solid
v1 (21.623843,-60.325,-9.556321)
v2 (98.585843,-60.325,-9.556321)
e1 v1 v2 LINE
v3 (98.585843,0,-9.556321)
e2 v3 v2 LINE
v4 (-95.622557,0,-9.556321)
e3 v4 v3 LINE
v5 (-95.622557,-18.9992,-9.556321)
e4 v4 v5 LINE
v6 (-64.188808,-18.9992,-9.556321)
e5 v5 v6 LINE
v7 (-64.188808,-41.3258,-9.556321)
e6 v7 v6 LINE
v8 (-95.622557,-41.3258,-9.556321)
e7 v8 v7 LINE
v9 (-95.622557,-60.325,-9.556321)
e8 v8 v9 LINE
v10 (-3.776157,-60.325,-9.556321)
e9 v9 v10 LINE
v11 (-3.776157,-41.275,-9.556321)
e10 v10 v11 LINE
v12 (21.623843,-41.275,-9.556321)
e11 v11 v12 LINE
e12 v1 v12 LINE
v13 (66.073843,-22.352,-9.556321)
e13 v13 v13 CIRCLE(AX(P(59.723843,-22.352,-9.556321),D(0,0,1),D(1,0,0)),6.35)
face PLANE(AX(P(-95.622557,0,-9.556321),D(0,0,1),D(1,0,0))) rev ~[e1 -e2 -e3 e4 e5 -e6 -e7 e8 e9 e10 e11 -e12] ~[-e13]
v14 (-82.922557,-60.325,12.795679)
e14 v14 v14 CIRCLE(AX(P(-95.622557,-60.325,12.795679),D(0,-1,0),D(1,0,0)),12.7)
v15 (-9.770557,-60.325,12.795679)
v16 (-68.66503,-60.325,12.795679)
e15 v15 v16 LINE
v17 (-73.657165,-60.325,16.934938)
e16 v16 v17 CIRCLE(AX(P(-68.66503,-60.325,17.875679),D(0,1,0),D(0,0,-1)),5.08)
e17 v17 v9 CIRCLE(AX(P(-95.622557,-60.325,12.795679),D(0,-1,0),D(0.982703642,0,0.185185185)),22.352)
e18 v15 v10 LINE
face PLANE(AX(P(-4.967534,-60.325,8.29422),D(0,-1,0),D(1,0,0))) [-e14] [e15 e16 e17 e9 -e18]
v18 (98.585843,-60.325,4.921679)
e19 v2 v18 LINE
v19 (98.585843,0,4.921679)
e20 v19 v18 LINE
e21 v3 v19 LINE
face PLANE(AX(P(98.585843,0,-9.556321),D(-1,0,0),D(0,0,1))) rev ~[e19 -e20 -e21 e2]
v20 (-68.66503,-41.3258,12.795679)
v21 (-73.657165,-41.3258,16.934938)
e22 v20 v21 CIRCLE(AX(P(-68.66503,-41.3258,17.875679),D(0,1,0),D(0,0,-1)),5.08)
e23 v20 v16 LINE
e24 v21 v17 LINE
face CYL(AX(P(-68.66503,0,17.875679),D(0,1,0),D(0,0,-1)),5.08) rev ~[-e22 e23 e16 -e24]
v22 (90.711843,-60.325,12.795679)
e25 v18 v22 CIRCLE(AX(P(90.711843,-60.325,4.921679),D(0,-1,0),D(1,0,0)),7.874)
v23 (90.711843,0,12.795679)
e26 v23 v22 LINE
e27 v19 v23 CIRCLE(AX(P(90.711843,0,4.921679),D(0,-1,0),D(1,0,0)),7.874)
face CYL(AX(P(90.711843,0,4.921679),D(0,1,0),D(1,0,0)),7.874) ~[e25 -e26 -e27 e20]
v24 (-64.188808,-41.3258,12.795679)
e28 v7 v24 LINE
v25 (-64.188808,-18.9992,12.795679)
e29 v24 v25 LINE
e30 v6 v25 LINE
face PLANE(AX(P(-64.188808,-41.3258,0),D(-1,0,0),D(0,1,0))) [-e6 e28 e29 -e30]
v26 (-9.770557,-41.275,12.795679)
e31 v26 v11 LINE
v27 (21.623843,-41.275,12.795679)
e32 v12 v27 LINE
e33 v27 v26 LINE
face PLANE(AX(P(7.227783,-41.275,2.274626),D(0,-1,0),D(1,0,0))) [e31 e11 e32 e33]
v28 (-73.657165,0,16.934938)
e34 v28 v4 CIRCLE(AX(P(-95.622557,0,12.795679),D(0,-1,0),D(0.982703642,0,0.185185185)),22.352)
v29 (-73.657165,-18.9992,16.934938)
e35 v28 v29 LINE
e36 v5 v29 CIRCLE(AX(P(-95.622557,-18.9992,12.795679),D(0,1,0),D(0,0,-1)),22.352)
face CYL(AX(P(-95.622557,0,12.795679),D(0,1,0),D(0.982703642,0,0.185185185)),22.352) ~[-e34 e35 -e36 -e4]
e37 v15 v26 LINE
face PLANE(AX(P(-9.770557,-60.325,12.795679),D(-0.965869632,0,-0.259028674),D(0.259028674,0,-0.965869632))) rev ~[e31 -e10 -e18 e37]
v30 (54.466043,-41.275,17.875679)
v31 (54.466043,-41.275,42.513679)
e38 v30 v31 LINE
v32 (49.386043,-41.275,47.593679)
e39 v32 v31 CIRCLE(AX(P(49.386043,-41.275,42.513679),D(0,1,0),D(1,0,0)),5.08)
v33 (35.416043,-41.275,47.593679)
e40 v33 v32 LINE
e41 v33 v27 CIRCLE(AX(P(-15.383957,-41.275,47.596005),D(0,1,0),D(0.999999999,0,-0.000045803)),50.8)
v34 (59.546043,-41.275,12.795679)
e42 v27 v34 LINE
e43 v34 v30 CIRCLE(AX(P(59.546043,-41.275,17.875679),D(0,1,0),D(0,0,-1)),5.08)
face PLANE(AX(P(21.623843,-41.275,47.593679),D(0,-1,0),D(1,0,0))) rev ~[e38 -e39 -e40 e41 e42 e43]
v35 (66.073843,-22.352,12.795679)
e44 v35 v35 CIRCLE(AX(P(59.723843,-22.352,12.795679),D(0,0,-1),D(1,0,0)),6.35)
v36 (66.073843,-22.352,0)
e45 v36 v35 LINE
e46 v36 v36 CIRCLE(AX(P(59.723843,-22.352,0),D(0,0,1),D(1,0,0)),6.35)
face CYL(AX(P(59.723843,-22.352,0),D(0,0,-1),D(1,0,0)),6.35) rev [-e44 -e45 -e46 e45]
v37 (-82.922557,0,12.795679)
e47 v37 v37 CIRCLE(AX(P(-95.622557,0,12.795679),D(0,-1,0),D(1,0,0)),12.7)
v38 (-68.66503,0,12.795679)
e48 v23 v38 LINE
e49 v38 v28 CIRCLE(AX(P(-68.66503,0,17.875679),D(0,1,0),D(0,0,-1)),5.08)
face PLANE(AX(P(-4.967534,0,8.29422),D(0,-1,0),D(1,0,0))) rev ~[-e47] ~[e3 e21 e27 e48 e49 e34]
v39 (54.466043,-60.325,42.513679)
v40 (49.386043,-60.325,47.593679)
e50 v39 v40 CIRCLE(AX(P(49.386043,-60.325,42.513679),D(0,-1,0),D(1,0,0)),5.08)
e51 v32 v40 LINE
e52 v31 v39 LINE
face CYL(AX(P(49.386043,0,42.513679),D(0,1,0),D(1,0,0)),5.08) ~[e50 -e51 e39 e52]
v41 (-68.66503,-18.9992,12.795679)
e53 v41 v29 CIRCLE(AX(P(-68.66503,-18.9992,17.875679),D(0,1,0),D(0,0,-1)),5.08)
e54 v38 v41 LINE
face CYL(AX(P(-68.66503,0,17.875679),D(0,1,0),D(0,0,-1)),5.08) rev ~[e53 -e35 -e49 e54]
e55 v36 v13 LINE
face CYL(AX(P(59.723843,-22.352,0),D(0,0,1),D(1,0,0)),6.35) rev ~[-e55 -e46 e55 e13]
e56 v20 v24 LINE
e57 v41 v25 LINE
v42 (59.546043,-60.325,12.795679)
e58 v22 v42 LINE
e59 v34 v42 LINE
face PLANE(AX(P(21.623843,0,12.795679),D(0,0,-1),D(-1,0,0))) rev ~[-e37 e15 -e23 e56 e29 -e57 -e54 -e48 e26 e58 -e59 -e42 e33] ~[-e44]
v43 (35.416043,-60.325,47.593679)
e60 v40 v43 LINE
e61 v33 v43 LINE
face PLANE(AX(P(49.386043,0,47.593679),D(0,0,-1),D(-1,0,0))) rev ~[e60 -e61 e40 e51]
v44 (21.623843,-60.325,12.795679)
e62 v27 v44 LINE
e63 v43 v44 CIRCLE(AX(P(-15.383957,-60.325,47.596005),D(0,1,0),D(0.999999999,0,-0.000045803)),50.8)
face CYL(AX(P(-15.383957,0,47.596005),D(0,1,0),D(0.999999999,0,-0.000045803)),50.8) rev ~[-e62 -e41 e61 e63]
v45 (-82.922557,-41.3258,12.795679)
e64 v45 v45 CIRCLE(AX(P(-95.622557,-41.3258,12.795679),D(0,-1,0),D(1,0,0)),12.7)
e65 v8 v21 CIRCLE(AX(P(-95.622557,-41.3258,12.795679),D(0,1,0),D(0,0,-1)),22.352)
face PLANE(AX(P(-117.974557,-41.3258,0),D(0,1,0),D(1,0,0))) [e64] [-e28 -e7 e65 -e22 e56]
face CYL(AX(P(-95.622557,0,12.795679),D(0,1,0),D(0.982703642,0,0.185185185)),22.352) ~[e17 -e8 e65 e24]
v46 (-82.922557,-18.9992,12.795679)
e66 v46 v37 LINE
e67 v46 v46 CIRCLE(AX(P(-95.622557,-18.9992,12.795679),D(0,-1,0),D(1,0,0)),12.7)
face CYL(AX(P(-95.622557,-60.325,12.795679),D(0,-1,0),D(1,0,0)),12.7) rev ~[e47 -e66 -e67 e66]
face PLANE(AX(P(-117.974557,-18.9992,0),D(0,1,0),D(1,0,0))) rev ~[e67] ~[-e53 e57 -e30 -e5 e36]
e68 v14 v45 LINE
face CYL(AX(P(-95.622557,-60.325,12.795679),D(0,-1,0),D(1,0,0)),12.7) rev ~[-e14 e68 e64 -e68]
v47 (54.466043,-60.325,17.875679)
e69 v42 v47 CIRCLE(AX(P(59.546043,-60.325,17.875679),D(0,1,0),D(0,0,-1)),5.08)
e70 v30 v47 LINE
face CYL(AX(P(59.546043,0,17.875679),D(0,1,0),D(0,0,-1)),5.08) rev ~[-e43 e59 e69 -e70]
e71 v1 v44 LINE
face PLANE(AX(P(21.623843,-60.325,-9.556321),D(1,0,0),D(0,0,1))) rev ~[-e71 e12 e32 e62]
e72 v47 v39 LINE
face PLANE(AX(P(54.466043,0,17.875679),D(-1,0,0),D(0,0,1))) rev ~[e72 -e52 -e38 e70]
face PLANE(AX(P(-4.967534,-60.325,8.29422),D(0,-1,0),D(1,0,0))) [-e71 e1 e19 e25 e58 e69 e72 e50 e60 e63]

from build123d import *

# Parameters (mm, degrees)
F1_DEPTH      = 60.325
F2_R          = 12.7
F3_DEPTH      = 60.326
F4_DEPTH      = 19.05
F5_W          = 37.9222
F5_H          = 41.275
F6_DEPTH      = 34.798
F7_R          = 6.35
F7_W          = 53.7857485574
F7_H          = 22.3266
F8_DEPTH      = 9.5573214296
F8_DEPTH_BACK = 47.5946785704


with BuildPart() as f1:
    # F0 (on Front) → F1 (new body)
    with BuildSketch(Plane.XZ):
        with BuildLine():
            ThreePointArc((-68.6650304641, 12.7956785704), (-71.9075169357, 13.9650927471), (-73.6571649634, 16.9349378297))
            ThreePointArc((-73.6571649634, 16.9349378297), (-112.8291343827, 27.0626190455), (-95.6225567601, -9.5563214296))
            Line((-95.6225567601, -9.5563214296), (98.5858432399, -9.5563214296))
            Line((98.5858432399, -9.5563214296), (98.5858432399, 4.9216785704))
            ThreePointArc((98.5858432399, 4.9216785704), (96.279602035, 10.4894373655), (90.7118432399, 12.7956785704))
            Line((90.7118432399, 12.7956785704), (59.5460432399, 12.7956785704))
            ThreePointArc((59.5460432399, 12.7956785704), (55.9539407915, 14.283576122), (54.4660432399, 17.8756785704))
            Line((54.4660432399, 17.8756785704), (54.4660432399, 42.5136785704))
            ThreePointArc((54.4660432399, 42.5136785704), (52.9781456883, 46.1057810189), (49.3860432399, 47.5936785704))
            Line((49.3860432399, 47.5936785704), (35.4160432399, 47.5936785704))
            ThreePointArc((35.4160432399, 47.5936785704), (31.8418586015, 28.8780362045), (21.6238432399, 12.7956785704))
            Line((21.6238432399, 12.7956785704), (-68.6650304641, 12.7956785704))
        make_face()
    extrude(amount=F1_DEPTH)

    # F2 (on face) → F3 (cut, through all)
    with BuildSketch(Plane.XZ.offset(60.325)):
        with Locations((-95.6225567601, 12.7956785704)):
            Circle(F2_R)
    extrude(amount=-F3_DEPTH, mode=Mode.SUBTRACT)

    # F2 (on face) → F4 (cut)
    with BuildSketch(Plane.XZ.offset(60.325)):
        Polygon((21.6238432399, 12.7956785704), (-9.7705567601, 12.7956785704), (-3.7761567601, -9.5563214296), (21.6238432399, -9.5563214296), align=None)
    extrude(amount=-F4_DEPTH, mode=Mode.SUBTRACT)

    # F5 (on face) → F6 (cut)
    with BuildSketch(Plane.XY.offset(47.5936785704)):
        with Locations((40.5849432399, -20.6375)):
            Rectangle(F5_W, F5_H)
    extrude(amount=-F6_DEPTH, mode=Mode.SUBTRACT)

    # F7 (on Top) → F8 (cut, two sides)
    with BuildSketch(Plane.XY) as f8_sk:
        with Locations((59.7238432399, -22.352)):
            Circle(F7_R)
        with Locations((-91.0816824814, -30.1625)):
            Rectangle(F7_W, F7_H)
    extrude(amount=-F8_DEPTH, mode=Mode.SUBTRACT)
    extrude(f8_sk.sketch, amount=F8_DEPTH_BACK, mode=Mode.SUBTRACT)


solid = f1.part
